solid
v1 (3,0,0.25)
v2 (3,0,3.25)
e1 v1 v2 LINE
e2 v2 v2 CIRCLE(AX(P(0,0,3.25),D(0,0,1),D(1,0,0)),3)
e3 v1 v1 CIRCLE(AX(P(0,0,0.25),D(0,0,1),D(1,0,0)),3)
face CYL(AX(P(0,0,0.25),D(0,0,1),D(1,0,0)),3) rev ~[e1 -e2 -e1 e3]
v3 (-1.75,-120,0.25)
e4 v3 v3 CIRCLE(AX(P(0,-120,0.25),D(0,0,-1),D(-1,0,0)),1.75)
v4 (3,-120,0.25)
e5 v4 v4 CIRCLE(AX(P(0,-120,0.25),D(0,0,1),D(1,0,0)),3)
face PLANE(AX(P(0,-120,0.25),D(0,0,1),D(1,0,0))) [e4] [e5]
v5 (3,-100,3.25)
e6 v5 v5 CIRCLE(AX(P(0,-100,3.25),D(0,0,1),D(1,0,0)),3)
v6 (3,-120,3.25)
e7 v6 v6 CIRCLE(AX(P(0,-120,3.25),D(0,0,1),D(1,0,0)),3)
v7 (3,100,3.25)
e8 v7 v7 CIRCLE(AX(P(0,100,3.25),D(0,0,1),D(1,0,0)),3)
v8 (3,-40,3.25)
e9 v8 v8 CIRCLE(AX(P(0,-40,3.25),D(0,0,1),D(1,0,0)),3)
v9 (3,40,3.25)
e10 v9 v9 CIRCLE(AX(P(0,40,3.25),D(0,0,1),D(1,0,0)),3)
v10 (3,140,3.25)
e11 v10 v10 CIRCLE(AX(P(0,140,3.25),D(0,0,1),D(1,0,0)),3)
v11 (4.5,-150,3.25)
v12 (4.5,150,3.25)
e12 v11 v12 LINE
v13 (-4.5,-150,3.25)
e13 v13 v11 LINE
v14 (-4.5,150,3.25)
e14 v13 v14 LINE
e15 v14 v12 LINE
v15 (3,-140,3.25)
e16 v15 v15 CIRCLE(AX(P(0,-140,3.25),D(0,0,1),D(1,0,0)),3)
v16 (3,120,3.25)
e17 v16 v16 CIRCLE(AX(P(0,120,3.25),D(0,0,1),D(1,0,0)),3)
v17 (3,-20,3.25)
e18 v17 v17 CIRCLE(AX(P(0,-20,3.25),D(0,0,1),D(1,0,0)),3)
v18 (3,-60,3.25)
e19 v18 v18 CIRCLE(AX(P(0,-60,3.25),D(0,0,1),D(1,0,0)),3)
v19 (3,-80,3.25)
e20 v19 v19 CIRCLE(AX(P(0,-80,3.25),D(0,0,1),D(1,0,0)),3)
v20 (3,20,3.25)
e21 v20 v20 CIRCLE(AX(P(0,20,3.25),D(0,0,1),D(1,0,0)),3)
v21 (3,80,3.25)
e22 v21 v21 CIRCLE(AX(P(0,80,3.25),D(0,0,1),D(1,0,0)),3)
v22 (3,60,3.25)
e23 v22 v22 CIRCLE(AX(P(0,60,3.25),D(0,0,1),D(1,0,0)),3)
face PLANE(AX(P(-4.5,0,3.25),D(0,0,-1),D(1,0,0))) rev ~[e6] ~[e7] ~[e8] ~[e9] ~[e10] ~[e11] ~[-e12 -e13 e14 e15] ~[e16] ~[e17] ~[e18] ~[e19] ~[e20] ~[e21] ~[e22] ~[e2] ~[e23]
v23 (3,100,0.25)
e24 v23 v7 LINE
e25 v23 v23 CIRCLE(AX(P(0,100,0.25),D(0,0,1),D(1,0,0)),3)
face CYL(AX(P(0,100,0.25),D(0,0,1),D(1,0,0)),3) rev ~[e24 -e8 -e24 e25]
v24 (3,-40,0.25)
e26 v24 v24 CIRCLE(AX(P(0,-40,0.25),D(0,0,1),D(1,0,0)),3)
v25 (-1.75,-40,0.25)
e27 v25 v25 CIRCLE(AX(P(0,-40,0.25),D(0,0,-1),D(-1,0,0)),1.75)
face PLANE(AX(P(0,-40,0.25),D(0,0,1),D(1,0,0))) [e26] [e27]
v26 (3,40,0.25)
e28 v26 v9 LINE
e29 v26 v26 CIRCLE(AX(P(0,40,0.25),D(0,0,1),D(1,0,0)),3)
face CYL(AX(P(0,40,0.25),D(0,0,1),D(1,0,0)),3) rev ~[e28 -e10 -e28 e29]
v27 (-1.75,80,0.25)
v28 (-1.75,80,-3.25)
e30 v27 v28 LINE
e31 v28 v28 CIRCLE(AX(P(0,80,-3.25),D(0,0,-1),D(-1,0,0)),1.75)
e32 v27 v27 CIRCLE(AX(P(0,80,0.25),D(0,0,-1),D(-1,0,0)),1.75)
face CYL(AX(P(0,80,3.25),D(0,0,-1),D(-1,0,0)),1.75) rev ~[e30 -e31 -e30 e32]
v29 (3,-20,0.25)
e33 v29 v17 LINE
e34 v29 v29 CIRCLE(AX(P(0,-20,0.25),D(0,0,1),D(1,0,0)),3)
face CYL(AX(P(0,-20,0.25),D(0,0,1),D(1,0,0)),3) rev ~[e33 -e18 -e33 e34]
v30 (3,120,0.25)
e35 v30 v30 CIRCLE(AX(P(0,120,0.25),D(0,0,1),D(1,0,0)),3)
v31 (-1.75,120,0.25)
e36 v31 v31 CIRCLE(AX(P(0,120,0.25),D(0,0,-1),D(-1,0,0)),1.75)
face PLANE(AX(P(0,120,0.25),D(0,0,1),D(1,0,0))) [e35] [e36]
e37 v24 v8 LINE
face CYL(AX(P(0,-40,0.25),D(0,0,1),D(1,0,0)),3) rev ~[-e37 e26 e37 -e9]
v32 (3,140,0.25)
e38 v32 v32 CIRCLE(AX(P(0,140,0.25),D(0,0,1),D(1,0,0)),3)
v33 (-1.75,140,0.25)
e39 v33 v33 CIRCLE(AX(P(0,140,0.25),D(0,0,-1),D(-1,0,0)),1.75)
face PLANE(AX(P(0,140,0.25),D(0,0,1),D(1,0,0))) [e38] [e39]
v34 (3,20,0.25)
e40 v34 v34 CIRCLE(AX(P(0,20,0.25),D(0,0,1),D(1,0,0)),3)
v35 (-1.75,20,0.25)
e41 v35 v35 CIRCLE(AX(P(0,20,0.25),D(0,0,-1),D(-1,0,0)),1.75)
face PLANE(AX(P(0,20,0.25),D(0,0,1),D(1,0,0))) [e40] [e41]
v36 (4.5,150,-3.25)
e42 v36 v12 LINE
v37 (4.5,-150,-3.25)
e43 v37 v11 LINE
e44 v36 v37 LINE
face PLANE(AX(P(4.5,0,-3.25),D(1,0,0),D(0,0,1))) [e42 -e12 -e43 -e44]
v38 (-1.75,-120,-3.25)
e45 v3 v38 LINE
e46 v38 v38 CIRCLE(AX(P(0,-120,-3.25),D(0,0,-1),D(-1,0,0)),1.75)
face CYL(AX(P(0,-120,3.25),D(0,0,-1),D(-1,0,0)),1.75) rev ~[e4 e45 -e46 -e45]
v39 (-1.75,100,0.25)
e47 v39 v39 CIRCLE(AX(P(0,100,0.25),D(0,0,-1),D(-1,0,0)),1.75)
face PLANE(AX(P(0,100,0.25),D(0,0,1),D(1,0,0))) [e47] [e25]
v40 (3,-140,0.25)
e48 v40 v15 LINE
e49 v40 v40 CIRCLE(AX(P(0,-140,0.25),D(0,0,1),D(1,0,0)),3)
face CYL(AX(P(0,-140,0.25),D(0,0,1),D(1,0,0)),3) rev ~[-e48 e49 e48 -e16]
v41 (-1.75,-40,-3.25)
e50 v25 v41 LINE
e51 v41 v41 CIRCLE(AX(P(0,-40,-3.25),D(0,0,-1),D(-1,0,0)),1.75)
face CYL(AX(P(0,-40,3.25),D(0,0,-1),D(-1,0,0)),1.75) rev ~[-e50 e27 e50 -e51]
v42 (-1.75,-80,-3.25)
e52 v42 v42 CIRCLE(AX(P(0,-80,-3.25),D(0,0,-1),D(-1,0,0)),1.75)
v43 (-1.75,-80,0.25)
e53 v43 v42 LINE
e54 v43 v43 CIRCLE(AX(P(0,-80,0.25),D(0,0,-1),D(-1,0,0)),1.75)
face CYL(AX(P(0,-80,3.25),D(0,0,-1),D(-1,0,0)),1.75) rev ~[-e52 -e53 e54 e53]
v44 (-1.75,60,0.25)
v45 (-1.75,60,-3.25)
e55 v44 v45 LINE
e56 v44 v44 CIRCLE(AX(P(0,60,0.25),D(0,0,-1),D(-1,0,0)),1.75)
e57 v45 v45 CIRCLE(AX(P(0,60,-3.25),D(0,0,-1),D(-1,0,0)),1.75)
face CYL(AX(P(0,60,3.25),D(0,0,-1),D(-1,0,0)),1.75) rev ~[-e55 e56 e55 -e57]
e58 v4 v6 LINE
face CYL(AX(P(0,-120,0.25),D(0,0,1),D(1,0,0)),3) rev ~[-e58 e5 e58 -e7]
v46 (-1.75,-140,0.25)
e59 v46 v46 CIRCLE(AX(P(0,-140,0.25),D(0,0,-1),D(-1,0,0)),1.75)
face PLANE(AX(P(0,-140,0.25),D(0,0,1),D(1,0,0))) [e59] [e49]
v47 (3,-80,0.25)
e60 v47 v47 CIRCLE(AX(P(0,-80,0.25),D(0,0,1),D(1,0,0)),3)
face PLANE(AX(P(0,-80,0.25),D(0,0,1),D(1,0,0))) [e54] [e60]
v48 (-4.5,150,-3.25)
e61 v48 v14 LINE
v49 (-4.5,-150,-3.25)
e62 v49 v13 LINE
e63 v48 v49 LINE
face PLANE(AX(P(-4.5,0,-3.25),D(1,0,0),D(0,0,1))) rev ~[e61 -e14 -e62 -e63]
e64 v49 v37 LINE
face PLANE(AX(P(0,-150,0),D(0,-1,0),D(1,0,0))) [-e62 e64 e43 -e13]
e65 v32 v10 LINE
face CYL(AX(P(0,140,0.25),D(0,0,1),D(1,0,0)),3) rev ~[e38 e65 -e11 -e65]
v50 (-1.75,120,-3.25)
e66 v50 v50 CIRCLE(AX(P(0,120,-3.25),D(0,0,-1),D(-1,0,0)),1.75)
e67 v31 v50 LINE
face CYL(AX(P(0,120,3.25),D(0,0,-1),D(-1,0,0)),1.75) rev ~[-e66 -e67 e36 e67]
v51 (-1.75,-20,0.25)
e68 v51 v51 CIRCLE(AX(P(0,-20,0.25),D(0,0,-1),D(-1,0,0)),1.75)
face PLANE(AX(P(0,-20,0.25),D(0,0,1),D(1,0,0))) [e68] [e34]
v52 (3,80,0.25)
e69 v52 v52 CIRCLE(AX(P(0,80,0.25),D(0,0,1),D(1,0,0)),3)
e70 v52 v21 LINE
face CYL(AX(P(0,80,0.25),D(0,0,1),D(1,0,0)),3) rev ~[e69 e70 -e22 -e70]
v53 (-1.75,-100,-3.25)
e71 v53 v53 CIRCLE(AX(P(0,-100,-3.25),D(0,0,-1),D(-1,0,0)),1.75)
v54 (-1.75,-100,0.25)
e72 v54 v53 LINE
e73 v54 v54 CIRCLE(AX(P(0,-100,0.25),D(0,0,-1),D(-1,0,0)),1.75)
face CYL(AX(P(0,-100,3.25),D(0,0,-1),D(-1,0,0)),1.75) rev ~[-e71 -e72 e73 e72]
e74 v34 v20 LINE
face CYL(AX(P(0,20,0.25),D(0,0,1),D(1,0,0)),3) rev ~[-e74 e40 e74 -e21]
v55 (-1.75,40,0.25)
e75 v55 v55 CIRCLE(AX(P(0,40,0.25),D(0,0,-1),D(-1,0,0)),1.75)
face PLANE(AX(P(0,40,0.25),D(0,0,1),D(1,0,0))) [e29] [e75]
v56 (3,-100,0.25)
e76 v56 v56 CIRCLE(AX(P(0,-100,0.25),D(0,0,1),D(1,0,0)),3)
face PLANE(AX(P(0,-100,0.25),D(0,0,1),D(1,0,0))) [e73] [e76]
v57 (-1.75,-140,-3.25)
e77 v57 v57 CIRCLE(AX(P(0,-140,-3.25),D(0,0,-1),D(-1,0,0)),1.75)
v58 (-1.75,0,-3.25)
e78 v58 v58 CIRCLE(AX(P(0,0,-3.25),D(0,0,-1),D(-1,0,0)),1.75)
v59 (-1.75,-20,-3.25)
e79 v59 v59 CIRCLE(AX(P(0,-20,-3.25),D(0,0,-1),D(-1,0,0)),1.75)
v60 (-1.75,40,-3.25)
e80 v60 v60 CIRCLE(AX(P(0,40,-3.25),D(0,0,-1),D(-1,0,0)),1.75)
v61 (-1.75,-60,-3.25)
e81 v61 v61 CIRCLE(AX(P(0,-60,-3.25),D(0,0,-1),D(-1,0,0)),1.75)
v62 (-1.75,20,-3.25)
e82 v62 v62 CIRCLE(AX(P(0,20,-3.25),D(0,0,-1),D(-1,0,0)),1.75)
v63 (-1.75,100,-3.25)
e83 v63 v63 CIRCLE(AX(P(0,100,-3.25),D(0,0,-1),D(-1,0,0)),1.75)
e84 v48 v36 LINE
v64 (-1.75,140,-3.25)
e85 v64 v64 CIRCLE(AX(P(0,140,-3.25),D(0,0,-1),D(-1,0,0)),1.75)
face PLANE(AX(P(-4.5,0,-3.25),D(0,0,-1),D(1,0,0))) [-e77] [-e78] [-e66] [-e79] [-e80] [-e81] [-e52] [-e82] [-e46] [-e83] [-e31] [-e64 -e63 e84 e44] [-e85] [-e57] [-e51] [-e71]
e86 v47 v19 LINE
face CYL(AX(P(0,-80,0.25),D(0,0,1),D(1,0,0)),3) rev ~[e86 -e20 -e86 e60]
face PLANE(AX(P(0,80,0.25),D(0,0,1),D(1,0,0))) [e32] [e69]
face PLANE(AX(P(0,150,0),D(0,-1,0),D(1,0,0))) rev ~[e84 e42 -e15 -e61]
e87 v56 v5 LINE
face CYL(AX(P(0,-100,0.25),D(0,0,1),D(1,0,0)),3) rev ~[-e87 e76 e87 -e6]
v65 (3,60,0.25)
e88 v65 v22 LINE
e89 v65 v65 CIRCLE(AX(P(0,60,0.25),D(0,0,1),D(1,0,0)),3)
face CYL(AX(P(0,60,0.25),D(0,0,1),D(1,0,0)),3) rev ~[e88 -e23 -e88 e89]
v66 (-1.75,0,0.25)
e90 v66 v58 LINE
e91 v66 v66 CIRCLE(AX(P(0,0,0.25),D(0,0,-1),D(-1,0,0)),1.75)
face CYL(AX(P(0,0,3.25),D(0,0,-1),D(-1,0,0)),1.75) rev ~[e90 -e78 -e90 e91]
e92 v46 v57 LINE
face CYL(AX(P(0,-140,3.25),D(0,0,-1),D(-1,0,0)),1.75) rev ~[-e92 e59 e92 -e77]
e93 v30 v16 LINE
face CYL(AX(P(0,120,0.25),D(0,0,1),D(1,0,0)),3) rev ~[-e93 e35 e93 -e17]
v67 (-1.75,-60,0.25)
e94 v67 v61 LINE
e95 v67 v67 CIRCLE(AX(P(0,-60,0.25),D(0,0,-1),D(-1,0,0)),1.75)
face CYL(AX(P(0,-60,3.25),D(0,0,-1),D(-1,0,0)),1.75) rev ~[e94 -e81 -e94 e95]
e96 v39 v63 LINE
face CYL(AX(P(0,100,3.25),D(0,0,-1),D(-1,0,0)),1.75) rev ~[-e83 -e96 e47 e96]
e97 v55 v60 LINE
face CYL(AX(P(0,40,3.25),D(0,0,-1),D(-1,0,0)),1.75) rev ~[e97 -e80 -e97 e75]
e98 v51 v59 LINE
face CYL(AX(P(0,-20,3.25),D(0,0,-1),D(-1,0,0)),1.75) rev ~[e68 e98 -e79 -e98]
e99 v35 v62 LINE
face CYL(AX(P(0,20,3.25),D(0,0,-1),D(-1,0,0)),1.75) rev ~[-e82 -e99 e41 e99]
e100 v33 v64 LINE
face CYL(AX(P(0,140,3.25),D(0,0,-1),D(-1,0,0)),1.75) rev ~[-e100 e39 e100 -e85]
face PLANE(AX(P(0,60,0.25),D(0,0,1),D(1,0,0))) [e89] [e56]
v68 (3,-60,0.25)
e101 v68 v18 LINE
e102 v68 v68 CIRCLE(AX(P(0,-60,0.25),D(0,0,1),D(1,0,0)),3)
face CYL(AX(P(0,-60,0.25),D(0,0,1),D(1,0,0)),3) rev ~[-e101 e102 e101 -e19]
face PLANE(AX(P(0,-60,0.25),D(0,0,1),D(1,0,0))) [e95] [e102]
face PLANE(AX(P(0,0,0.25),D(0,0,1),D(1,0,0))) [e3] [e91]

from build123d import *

# Parameters (mm, degrees)
F0_W           = 9
F0_H           = 6.5
F1_DEPTH       = 150
F1_DEPTH_BACK  = 150
F3_D           = 3.5
F3_CBORE_D     = 6
F3_CBORE_DEPTH = 3


with BuildPart() as f1:
    # F0 (on Front) → F1 (new body, two sides)
    with BuildSketch(Plane.XZ) as f1_sk:
        Rectangle(F0_W, F0_H)
    extrude(amount=F1_DEPTH)
    extrude(f1_sk.sketch, amount=-F1_DEPTH_BACK)

    # F3 (through all)
    with Locations(Plane.XY.offset(3.25)):
        with Locations((0, -140), (0, -120), (0, -100), (0, -80), (0, -60), (0, -40), (0, -20), (0, 0), (0, 20), (0, 40), (0, 60), (0, 80), (0, 100), (0, 120), (0, 140)):
            CounterBoreHole(F3_D / 2, F3_CBORE_D / 2, F3_CBORE_DEPTH)


solid = f1.part
